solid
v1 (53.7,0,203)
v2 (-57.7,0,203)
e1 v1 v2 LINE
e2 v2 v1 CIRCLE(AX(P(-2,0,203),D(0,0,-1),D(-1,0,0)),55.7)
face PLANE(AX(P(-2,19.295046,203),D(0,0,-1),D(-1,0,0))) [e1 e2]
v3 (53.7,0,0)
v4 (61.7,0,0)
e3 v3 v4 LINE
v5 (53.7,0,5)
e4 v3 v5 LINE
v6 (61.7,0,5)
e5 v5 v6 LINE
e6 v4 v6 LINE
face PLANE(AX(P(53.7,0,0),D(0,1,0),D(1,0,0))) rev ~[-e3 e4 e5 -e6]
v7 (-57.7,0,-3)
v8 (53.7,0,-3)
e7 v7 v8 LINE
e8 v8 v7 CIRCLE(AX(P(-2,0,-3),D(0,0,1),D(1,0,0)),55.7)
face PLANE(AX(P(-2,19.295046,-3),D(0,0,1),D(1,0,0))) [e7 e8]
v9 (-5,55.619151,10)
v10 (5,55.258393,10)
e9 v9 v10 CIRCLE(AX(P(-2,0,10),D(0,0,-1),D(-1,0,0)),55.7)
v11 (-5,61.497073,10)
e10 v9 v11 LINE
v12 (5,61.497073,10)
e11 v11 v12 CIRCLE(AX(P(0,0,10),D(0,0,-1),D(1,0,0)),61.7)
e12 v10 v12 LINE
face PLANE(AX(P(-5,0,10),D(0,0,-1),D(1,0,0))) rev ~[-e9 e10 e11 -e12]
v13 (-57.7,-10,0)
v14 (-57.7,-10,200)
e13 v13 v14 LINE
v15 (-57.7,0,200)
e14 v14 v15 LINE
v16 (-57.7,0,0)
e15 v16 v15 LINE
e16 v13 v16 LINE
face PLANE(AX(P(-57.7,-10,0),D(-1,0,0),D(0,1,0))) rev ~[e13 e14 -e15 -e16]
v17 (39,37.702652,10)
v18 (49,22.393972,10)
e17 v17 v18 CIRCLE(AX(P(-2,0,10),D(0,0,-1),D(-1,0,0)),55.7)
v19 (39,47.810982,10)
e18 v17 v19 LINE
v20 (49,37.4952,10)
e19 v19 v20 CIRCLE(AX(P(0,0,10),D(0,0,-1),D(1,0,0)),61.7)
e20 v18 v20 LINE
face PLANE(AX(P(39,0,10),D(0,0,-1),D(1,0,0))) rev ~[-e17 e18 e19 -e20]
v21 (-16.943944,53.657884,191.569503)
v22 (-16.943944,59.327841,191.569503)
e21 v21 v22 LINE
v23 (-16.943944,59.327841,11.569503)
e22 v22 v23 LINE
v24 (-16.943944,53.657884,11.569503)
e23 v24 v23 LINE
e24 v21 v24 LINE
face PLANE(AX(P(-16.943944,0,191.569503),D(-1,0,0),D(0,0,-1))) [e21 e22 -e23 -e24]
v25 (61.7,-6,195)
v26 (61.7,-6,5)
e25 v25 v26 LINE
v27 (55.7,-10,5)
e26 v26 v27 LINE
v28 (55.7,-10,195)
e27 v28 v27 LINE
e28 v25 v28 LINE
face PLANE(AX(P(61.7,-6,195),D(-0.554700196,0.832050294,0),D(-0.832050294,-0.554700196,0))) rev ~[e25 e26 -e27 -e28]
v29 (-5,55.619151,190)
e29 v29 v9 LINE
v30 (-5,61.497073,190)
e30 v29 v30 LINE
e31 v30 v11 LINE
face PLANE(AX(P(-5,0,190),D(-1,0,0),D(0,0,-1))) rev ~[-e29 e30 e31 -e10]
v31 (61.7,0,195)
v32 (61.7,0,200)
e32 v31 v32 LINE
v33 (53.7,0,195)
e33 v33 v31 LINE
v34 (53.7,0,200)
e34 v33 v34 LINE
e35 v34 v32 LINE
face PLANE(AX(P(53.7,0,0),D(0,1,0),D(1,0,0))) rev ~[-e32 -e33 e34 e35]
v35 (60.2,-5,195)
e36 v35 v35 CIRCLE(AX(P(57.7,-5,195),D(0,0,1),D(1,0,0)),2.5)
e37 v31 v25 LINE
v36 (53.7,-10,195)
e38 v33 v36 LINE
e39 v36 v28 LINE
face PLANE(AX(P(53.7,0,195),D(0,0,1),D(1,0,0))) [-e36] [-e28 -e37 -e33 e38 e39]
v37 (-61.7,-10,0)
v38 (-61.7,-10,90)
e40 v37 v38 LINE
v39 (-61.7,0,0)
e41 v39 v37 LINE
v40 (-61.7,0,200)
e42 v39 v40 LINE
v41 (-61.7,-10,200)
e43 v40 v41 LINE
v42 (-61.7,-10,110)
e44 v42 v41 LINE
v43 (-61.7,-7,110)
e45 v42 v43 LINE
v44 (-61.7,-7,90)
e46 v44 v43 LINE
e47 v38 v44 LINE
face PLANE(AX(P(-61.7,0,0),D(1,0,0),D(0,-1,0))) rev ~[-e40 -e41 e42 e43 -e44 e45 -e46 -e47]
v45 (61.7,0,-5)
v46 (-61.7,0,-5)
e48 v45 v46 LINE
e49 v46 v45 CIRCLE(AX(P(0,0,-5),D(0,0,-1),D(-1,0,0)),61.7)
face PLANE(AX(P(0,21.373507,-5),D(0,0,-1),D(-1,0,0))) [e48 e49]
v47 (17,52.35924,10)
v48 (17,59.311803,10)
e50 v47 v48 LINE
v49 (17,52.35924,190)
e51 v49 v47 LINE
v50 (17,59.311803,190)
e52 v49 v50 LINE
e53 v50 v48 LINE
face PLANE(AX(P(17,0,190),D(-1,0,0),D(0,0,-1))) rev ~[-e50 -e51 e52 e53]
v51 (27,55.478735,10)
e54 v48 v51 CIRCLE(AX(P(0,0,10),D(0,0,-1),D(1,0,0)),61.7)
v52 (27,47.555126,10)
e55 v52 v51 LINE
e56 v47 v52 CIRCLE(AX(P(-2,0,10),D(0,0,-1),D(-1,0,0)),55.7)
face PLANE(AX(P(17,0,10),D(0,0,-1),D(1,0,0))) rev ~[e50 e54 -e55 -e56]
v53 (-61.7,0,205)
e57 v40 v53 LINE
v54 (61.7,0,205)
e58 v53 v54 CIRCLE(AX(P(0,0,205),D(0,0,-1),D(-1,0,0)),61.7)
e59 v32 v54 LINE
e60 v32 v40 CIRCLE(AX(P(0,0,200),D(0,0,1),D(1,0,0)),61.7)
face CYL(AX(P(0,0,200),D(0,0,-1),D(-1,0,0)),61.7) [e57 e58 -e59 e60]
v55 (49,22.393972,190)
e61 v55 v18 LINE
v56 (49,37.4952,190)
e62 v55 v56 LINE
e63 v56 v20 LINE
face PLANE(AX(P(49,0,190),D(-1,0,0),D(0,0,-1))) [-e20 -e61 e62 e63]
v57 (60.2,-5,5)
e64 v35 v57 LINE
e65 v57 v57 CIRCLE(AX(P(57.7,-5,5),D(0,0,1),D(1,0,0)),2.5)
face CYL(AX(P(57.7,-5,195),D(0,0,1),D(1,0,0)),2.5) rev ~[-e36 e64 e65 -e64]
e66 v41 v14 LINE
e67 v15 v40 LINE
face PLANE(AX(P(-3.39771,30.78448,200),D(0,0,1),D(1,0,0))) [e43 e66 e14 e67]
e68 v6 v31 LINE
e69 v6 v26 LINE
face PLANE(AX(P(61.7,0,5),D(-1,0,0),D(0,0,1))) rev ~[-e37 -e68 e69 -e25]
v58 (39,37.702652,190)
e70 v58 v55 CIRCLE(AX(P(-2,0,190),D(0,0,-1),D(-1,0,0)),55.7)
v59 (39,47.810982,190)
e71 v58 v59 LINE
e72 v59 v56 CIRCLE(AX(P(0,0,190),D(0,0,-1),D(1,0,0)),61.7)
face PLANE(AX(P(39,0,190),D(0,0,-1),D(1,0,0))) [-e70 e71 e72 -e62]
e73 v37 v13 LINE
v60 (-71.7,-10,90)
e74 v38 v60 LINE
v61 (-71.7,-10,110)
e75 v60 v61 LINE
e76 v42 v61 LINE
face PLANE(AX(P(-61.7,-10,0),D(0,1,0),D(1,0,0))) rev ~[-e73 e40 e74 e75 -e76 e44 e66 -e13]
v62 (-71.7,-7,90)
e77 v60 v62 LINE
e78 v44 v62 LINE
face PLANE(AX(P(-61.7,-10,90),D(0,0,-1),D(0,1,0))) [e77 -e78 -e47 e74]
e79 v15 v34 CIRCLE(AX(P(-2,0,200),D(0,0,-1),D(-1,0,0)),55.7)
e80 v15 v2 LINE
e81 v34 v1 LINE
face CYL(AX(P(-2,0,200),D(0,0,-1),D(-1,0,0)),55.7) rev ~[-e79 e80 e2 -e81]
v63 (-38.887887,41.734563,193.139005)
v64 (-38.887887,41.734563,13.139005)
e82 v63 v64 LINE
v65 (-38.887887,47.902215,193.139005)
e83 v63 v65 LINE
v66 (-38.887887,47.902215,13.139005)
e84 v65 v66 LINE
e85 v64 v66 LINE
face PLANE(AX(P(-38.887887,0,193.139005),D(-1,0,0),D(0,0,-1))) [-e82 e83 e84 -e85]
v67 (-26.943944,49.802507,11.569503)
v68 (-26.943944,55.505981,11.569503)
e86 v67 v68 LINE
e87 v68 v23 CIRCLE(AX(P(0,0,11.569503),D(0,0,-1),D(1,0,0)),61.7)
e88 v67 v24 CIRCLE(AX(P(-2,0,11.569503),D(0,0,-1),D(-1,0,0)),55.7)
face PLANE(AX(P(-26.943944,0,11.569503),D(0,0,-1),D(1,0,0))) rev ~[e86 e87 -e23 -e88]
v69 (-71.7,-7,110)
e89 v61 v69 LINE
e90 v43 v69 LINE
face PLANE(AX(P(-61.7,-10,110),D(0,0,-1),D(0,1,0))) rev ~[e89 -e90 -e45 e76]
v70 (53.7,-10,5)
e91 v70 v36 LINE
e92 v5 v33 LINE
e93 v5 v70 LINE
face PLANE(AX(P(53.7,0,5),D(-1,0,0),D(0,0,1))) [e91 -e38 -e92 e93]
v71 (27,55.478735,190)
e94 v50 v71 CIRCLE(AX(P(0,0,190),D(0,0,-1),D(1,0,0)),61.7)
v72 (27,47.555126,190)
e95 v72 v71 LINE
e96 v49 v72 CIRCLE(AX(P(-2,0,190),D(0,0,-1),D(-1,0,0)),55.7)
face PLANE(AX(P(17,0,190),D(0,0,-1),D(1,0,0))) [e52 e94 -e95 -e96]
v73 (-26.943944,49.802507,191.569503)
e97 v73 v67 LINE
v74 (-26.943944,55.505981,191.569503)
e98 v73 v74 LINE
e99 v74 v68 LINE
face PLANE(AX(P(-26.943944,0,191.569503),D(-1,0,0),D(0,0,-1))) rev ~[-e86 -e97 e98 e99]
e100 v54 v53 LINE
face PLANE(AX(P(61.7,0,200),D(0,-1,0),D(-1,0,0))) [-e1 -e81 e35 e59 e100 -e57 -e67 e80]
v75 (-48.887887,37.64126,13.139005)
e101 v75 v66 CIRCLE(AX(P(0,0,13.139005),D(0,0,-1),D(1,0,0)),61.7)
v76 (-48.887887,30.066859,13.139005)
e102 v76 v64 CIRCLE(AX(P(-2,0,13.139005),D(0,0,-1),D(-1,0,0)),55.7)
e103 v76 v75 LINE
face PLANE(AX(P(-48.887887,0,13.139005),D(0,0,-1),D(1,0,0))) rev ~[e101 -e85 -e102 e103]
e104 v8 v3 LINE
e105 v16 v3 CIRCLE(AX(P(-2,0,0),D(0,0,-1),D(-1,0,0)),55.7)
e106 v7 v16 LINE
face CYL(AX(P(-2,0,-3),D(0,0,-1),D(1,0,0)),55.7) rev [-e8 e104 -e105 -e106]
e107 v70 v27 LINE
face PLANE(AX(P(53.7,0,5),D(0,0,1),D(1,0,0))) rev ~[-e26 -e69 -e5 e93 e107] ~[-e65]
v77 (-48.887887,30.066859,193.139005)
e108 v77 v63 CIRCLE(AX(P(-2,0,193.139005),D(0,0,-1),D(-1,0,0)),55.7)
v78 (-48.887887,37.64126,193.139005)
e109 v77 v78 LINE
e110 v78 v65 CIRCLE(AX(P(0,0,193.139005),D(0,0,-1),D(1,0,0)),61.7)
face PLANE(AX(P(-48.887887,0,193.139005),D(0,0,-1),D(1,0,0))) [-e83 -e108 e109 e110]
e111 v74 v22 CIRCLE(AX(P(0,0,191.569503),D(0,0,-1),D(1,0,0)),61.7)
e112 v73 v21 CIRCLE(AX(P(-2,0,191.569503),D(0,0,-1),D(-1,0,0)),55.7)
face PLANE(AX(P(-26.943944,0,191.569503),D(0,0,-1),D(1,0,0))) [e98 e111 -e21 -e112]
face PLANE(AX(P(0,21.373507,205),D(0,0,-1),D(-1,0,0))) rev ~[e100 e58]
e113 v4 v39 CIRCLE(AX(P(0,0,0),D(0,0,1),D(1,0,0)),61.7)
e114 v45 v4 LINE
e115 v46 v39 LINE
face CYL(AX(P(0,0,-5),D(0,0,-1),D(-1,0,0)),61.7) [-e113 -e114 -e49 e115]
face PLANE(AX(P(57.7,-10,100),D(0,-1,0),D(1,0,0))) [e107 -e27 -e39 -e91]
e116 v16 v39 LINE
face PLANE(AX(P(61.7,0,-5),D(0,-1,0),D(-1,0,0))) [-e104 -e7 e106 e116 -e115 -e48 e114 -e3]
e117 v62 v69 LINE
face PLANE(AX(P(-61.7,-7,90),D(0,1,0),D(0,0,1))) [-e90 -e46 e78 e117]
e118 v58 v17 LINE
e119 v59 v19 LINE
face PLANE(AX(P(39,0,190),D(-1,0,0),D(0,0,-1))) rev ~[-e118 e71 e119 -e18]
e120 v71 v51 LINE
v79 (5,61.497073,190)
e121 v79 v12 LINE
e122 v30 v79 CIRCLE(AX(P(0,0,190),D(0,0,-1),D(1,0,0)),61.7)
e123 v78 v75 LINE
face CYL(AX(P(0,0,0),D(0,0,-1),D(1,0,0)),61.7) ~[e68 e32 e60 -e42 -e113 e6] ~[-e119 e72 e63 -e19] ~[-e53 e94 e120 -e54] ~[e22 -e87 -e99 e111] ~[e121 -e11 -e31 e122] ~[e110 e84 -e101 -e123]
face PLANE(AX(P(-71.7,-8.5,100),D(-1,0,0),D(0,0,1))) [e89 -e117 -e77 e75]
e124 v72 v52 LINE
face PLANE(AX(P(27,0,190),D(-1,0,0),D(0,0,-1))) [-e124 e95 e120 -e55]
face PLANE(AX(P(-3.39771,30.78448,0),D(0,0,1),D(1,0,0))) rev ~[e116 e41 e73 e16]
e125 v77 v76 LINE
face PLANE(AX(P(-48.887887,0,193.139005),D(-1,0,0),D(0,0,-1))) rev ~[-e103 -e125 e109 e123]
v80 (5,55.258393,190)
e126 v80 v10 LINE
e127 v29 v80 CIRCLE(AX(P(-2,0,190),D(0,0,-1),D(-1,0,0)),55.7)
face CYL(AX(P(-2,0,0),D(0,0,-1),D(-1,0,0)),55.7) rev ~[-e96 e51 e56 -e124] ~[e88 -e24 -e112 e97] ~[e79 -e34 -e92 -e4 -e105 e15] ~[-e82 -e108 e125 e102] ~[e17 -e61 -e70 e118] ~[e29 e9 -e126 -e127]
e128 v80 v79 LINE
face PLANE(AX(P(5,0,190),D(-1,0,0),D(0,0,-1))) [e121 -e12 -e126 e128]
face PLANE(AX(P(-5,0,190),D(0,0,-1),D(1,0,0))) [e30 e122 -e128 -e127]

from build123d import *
from build123d.topology import SkipClean

# Parameters (mm, degrees)
EXTRUDE_1_DEPTH     = 200
SKETCH_2_W          = 10
SKETCH_2_H          = 180
CUT_EXTRUDE_1_DEPTH = 219.205820271
SKETCH_3_W          = 8
SKETCH_3_H          = 190
EXTRUDE_2_DEPTH     = 10
SKETCH_4_R          = 2.5
CUT_EXTRUDE_2_DEPTH = 214.632347738
SKETCH_5_W          = 20
SKETCH_5_H          = 3
EXTRUDE_3_DEPTH     = 10
CUT_EXTRUDE_3_DEPTH = 217.732046546
EXTRUDE_4_DEPTH     = 5
EXTRUDE_START       = 5
EXTRUDE_5_DEPTH     = 5
CUT_EXTRUDE_START   = -3
CUT_EXTRUDE_4_DEPTH = 3
CUT_EXTRUDE_5_DEPTH = 3


with BuildPart() as part:
    # 草圖1 → 填料-伸長1 (new body)
    with BuildSketch(Plane.XY):
        with BuildLine():
            Line((-61.7, 0), (-61.7, -10))
            Line((-61.7, -10), (-57.7, -10))
            Line((-57.7, -10), (-57.7, 0))
            ThreePointArc((-57.7, 0), (-2, 55.7), (53.7, 0))
            Line((53.7, 0), (61.7, 0))
            ThreePointArc((61.7, 0), (0, 61.7), (-61.7, 0))
        make_face()
    extrude(amount=EXTRUDE_1_DEPTH)

    # 草圖2 → 除料-伸長1 (cut, through all)
    with BuildSketch(Plane(origin=(0, 0, 0), x_dir=(1, 0, 0), z_dir=(0, 1, 0))):
        with Locations((0, -100)):
            Rectangle(SKETCH_2_W, SKETCH_2_H)
        with Locations((22, -100)):
            Rectangle(SKETCH_2_W, SKETCH_2_H)
        with Locations((44, -100)):
            Rectangle(SKETCH_2_W, SKETCH_2_H)
        with Locations((-21.943943619, -101.569502613)):
            Rectangle(SKETCH_2_W, SKETCH_2_H)
        with Locations((-43.887887238, -103.139005227)):
            Rectangle(SKETCH_2_W, SKETCH_2_H)
    extrude(amount=CUT_EXTRUDE_1_DEPTH, mode=Mode.SUBTRACT)

    # 草圖3 → 填料-伸長2 (add)
    with BuildSketch(Plane.XZ):
        with Locations((57.7, 100)):
            Rectangle(SKETCH_3_W, SKETCH_3_H)
    extrude(amount=EXTRUDE_2_DEPTH)

    # 草圖4 → 除料-伸長2 (cut, through all)
    with BuildSketch(Plane.XY.offset(195)):
        with Locations((57.7, -5)):
            Circle(SKETCH_4_R)
    extrude(amount=-CUT_EXTRUDE_2_DEPTH, mode=Mode.SUBTRACT)

    # 草圖5 → 填料-伸長3 (add)
    with BuildSketch(Plane.ZY.offset(61.7)):
        with Locations((100, -8.5)):
            Rectangle(SKETCH_5_W, SKETCH_5_H)
    extrude(amount=EXTRUDE_3_DEPTH)

    # 草圖6 → 除料-伸長3 (cut, through all)
    with BuildSketch(Plane.XY.offset(195)):
        Polygon((61.7, -10), (61.7, -6), (55.7, -10), align=None)
    extrude(amount=-CUT_EXTRUDE_3_DEPTH, mode=Mode.SUBTRACT)

    # 草圖7 → 填料-伸長4 (add)
    with SkipClean():  # the faces are left unmerged after this step: merging them gives an invalid solid
        with BuildSketch(Plane.XY.offset(200)):
            with BuildLine():
                Line((61.7, 0), (-61.7, 0))
                ThreePointArc((-61.7, 0), (0, 61.7), (61.7, 0))
            make_face()
        extrude(amount=EXTRUDE_4_DEPTH)

    # 草圖8 → 填料-伸長5 (add)
    with SkipClean():  # the faces are left unmerged after this step: merging them gives an invalid solid
        with BuildSketch(Plane(origin=(0, 0, 0), x_dir=(-1, 0, 0), z_dir=(0, 0, -1)).offset(EXTRUDE_START)):
            with BuildLine():
                Line((-61.7, 0), (61.7, 0))
                ThreePointArc((61.7, 0), (0, 61.7), (-61.7, 0))
            make_face()
        extrude(amount=-EXTRUDE_5_DEPTH)

    # 草圖9 → 除料-伸長4 (cut)
    with SkipClean():  # the faces are left unmerged after this step: merging them gives an invalid solid
        with BuildSketch(Plane.XY.offset(CUT_EXTRUDE_START)):
            with BuildLine():
                Line((-57.7, 0), (53.7, 0))
                ThreePointArc((53.7, 0), (-2, 55.7), (-57.7, 0))
            make_face()
        extrude(amount=CUT_EXTRUDE_4_DEPTH, mode=Mode.SUBTRACT)

    # 草圖10 → 除料-伸長5 (cut)
    with SkipClean():  # the faces are left unmerged after this step: merging them gives an invalid solid
        with BuildSketch(Plane(origin=(0, 0, 200), x_dir=(-1, 0, 0), z_dir=(0, 0, -1))):
            with BuildLine():
                Line((-53.7, 0), (57.7, 0))
                ThreePointArc((57.7, 0), (2, 55.7), (-53.7, 0))
            make_face()
        extrude(amount=-CUT_EXTRUDE_5_DEPTH, mode=Mode.SUBTRACT)


solid = part.part
